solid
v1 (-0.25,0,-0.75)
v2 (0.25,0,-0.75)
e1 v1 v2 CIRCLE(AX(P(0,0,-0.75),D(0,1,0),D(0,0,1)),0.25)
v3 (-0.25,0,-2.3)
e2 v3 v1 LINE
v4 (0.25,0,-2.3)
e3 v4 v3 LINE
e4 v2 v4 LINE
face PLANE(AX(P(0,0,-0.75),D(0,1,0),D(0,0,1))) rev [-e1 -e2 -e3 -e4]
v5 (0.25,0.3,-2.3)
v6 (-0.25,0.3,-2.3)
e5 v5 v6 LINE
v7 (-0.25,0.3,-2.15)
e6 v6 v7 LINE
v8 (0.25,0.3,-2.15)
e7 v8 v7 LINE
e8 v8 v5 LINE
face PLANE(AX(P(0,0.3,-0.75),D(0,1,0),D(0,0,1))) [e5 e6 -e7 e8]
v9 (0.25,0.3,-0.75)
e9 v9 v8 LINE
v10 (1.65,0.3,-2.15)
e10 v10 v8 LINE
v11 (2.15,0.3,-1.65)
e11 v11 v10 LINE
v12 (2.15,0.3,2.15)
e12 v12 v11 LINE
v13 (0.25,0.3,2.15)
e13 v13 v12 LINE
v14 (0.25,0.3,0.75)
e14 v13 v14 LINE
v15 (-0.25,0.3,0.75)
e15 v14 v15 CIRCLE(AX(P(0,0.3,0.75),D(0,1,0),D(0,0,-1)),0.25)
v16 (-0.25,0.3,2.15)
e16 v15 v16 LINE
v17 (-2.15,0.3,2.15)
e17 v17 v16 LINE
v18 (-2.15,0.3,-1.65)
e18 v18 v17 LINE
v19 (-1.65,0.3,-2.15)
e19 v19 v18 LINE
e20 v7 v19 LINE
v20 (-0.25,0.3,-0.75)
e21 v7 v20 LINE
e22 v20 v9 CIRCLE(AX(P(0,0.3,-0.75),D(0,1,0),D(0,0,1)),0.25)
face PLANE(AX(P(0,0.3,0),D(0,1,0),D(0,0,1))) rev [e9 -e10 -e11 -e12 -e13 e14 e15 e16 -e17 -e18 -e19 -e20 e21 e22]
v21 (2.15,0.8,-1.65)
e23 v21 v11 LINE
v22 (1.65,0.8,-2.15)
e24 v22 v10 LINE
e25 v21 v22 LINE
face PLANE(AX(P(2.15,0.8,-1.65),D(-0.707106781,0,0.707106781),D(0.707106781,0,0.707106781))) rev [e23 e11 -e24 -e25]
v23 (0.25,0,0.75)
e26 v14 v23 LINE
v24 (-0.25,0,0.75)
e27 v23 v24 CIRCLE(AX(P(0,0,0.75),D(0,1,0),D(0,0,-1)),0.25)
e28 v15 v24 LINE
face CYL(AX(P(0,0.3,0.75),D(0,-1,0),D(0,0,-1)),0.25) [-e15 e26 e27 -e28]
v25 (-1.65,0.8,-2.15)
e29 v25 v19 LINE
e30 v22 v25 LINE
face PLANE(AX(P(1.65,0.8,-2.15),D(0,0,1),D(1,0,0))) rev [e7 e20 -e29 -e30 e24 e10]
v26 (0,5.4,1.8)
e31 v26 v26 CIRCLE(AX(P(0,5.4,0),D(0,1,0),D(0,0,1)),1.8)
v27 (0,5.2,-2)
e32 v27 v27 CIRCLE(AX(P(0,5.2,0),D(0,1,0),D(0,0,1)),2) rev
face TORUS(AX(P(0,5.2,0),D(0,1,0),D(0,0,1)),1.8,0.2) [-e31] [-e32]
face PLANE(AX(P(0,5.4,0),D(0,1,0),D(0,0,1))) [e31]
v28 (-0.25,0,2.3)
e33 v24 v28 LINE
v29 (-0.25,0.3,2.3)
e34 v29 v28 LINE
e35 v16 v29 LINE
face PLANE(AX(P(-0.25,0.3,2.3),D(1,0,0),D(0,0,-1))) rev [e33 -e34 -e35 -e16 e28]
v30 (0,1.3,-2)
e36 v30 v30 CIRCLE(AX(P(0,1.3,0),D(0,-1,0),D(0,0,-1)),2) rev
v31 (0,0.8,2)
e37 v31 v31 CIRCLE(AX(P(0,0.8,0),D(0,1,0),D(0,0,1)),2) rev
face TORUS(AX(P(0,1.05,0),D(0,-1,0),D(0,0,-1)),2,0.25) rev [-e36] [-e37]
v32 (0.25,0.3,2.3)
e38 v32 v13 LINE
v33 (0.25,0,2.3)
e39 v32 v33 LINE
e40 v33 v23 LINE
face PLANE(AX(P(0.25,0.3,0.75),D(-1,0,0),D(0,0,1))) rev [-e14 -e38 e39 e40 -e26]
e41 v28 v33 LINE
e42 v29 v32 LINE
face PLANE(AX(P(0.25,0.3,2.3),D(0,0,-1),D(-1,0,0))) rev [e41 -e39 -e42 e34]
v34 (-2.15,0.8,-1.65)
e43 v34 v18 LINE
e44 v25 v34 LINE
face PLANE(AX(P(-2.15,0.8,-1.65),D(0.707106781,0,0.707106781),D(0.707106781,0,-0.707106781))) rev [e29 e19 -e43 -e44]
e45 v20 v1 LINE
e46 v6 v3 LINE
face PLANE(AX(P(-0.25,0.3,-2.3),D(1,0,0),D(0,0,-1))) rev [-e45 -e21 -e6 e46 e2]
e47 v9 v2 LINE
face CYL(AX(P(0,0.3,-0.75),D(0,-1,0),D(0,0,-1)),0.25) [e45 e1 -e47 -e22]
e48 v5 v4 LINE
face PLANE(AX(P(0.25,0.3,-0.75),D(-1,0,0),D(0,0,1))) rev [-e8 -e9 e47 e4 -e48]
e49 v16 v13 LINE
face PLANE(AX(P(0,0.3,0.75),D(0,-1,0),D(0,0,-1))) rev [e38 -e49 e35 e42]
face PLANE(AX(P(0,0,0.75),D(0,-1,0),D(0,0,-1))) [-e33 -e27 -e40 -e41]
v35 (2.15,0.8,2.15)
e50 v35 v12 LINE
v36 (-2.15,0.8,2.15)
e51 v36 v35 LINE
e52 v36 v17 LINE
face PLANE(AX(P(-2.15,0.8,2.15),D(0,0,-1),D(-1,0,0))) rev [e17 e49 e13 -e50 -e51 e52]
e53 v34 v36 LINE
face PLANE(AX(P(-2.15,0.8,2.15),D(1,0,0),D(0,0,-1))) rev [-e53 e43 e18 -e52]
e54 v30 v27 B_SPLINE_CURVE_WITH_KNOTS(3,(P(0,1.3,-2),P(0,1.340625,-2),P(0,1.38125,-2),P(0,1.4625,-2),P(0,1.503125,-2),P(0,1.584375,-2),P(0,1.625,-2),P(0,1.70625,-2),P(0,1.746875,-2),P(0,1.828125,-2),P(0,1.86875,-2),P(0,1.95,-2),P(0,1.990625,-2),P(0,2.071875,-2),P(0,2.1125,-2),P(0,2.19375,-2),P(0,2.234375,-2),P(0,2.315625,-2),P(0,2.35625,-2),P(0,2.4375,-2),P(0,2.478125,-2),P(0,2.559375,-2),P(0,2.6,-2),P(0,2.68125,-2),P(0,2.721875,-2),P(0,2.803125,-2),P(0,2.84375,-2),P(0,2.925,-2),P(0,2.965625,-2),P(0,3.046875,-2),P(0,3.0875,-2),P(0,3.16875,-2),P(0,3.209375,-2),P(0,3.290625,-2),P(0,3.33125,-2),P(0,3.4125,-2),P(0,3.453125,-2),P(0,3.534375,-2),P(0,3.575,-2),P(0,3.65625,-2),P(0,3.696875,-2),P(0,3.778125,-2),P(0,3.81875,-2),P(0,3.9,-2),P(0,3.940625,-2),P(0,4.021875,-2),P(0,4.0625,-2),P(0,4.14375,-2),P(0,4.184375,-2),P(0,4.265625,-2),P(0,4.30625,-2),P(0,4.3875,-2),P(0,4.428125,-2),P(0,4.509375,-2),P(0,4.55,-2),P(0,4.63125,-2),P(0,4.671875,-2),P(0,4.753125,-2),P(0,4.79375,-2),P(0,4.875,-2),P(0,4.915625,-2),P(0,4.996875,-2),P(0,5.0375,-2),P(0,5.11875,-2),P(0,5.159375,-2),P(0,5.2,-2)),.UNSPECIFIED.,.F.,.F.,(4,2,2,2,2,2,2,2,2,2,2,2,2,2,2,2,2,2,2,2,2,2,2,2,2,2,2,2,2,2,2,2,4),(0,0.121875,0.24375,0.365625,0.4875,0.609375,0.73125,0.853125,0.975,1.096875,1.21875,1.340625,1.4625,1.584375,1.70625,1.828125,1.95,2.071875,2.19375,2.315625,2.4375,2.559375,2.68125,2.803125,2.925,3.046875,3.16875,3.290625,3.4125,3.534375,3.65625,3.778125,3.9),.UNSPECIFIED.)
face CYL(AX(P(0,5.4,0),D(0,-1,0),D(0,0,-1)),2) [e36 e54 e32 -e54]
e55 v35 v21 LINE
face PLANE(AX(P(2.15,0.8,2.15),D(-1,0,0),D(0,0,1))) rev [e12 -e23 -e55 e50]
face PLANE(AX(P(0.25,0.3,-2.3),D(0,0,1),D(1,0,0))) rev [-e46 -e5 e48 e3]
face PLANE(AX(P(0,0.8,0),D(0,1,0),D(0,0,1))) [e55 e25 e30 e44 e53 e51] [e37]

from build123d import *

# Parameters (mm, degrees)
BOSS_EXTRUDE1_DEPTH   = 0.3
BOSS_EXTRUDE1_2_DEPTH = 0.3
BOSS_EXTRUDE2_DEPTH   = 0.5
SKETCH4_R             = 2
BOSS_EXTRUDE3_DEPTH   = 4.6
FILLET1_R             = 0.2
SKETCH6_R             = 0.25


with BuildPart() as part:
    # Sketch1 → Boss-Extrude1 (new body)
    with BuildSketch(Plane(origin=(0, 0, 0), x_dir=(1, 0, 0), z_dir=(0, 1, 0))):
        with BuildLine():
            Line((0.25, 0.75), (0.25, 2.3))
            Line((0.25, 2.3), (-0.25, 2.3))
            Line((-0.25, 2.3), (-0.25, 0.75))
            ThreePointArc((-0.25, 0.75), (0, 0.5), (0.25, 0.75))
        make_face()
    extrude(amount=BOSS_EXTRUDE1_DEPTH)



with BuildPart() as body_2:
    # Sketch1 → Boss-Extrude1 2 (new body)
    with BuildSketch(Plane(origin=(0, 0, 0), x_dir=(1, 0, 0), z_dir=(0, 1, 0))):
        with BuildLine():
            Line((0.25, -0.75), (0.25, -2.3))
            Line((0.25, -2.3), (-0.25, -2.3))
            Line((-0.25, -2.3), (-0.25, -0.75))
            ThreePointArc((-0.25, -0.75), (0, -0.5), (0.25, -0.75))
        make_face()
    extrude(amount=BOSS_EXTRUDE1_2_DEPTH)


with BuildPart() as part_1:
    add(part.part)

    add(body_2.part)  # Boss-Extrude2 merges body 2
    # Sketch3 → Boss-Extrude2 (add)
    with BuildSketch(Plane(origin=(0, 0.3, 0), x_dir=(1, 0, 0), z_dir=(0, 1, 0))):
        Polygon((-2.15, -2.15), (2.15, -2.15), (2.15, 1.65), (1.65, 2.15), (-1.65, 2.15), (-2.15, 1.65), align=None)
    extrude(amount=BOSS_EXTRUDE2_DEPTH)

    # Sketch4 → Boss-Extrude3 (add)
    with BuildSketch(Plane(origin=(0, 0.8, 0), x_dir=(1, 0, 0), z_dir=(0, 1, 0))):
        with Locations(Location((0, 0, 0), (0, 0, 90))):
            Circle(SKETCH4_R)
    extrude(amount=BOSS_EXTRUDE3_DEPTH)

    # Fillet1
    fillet1_edges = [part_1.edges().sort_by_distance(p)[0] for p in [
        (0, 5.4, 2),
    ]]
    fillet(fillet1_edges, radius=FILLET1_R)

    # Sketch6 → Cut-Revolve1 (revolve, cut)
    with BuildSketch(Plane.XY, mode=Mode.PRIVATE) as cut_revolve1_sk:
        with Locations((2, 1.05)):
            Circle(SKETCH6_R)
    revolve(cut_revolve1_sk.sketch.rotate(Axis((0, 0, 0), (0, 1, 0)), 90), axis=Axis((0, 0, 0), (0, 1, 0)), mode=Mode.SUBTRACT)


solid = part_1.part
